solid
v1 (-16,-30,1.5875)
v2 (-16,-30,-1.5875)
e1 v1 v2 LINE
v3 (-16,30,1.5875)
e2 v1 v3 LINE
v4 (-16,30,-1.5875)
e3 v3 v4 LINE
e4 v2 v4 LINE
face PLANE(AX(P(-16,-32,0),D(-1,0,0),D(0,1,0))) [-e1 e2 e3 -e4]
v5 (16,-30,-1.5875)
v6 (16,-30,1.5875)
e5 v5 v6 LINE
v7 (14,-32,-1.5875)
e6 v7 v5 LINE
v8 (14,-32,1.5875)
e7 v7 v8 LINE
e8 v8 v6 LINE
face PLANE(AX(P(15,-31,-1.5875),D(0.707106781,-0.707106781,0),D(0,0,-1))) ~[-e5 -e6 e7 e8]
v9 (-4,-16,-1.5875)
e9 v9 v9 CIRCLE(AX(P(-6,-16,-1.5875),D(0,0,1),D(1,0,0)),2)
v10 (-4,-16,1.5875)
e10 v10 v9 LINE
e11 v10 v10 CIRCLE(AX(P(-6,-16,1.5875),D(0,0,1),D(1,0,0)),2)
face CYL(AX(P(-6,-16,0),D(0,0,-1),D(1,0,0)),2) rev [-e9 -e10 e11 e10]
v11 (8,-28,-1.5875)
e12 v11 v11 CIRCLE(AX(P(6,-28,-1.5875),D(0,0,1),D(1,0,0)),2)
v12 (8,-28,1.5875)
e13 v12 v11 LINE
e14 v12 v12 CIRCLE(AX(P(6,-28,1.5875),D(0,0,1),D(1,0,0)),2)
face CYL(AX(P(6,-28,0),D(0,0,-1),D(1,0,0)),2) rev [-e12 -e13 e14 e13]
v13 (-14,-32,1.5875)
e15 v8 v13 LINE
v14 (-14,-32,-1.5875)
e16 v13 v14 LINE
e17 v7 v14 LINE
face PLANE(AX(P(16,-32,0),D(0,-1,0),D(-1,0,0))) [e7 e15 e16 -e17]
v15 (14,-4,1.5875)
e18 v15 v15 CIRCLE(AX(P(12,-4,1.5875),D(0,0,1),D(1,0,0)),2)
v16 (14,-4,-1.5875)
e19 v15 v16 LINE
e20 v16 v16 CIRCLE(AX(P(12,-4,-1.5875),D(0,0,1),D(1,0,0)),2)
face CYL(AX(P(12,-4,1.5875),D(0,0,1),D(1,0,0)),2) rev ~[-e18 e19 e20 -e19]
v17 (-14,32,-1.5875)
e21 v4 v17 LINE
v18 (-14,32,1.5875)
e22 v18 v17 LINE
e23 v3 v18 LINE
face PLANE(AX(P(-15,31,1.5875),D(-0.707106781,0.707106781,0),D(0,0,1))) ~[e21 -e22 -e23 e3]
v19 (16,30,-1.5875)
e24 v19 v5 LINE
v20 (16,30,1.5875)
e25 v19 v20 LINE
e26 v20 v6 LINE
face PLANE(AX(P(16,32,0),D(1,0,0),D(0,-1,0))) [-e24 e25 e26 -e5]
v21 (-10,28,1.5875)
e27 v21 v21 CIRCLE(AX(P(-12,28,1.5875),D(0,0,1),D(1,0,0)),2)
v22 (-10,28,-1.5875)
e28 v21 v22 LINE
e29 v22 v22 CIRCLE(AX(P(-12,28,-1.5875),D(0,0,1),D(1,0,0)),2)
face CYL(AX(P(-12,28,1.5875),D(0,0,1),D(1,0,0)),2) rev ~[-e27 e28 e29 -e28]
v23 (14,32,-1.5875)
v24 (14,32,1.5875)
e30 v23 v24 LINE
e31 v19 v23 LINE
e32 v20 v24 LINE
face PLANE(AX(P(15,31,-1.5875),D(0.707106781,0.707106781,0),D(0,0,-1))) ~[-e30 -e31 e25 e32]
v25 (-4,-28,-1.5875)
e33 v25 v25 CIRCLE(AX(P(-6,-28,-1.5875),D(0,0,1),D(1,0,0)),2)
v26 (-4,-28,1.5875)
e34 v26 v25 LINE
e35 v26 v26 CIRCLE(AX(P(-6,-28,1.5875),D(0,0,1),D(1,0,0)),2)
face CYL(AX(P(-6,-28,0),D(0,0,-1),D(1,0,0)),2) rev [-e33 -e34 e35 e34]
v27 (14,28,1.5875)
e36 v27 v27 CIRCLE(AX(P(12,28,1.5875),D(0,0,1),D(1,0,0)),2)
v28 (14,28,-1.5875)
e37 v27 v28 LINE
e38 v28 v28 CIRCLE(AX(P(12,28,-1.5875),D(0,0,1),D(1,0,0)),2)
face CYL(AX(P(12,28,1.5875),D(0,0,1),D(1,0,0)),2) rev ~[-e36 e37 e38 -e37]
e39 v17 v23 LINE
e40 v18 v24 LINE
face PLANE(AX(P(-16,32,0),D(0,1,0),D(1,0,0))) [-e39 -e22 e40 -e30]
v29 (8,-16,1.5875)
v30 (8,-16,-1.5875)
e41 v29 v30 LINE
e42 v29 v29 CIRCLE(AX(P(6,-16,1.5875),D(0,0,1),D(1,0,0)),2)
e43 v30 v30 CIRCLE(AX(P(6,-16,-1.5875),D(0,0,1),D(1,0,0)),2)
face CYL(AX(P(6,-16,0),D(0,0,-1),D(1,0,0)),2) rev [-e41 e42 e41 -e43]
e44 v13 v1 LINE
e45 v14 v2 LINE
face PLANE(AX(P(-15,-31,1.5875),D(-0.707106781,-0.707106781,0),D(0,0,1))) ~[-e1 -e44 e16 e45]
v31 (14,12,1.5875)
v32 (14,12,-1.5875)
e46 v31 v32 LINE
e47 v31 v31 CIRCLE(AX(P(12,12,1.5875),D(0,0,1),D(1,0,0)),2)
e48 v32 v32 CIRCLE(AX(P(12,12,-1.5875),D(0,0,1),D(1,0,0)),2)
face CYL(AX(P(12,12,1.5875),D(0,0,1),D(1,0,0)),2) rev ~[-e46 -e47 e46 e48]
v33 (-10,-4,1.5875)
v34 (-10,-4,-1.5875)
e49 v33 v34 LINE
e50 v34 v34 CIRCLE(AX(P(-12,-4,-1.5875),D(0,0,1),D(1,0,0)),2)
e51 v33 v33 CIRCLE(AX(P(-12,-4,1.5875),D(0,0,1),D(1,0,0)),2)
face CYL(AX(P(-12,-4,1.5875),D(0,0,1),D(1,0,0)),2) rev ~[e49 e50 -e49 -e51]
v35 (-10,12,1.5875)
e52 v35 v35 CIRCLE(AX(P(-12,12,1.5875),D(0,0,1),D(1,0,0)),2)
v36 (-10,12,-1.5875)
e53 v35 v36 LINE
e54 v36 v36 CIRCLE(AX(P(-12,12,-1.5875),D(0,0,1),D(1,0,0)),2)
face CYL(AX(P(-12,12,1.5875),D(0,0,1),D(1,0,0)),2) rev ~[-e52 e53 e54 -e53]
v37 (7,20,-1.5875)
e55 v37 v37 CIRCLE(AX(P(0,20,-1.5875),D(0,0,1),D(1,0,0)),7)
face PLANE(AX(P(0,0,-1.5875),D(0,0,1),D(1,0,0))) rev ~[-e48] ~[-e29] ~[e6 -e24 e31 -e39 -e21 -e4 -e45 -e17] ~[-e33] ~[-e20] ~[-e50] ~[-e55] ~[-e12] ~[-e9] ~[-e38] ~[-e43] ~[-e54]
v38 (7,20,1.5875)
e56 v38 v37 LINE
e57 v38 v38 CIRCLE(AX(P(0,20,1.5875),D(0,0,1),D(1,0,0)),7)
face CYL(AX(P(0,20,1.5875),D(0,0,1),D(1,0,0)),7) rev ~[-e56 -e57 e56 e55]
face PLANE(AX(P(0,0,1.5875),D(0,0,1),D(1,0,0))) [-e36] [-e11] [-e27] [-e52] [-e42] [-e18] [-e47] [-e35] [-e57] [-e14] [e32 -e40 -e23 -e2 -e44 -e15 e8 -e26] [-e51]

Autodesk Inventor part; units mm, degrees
ref_plane "YZ Plane" through (0, 0, 0) normal (1, 0, 0) x (0, 1, 0)
ref_plane "XZ Plane" through (0, 0, 0) normal (0, 1, 0) x (-1, 0, 0)
ref_plane "XY Plane" through (0, 0, 0) normal (0, 0, 1) x (1, 0, 0)
sketch "Sketch1" plane through (0, 0, 0) normal (0, 0, 1) x (1, 0, 0)
  line L0 (16, -32) -> (-16, -32)
  line L1 (-16, -32) -> (-16, 32)
  line L2 (-16, 32) -> (16, 32)
  line L3 (16, 32) -> (16, -32)
  line L4 (16, -32) -> (-16, 32) construction
  line L5 (-16, -32) -> (16, 32) construction
  circle A0 centre (0, -22) radius 2.5 construction
  circle A1 centre (-6, -28) radius 2
  circle A2 centre (6, -28) radius 2
  circle A3 centre (6, -16) radius 2
  circle A4 centre (-6, -16) radius 2
  line L6 (-16, 0) -> (16, 0) construction
  point P0 (0, 0)
  point P1 (0, -32)
  dimension "d0" = 32
  dimension "d1" = 64
  dimension "d2" = 5
  dimension "d3" = 10
  dimension "d4" = 4
  dimension "d5" = 6
  dimension "d6" = 6
  dimension "d9" = 360
extrude "Extrusion1" add sketch "Sketch1" along normal mid plane 3.175
sketch "Sketch2" plane through (0, 0, 1.5875) normal (0, 0, 1) x (1, 0, 0)
  line L0 (16, 32) -> (-16, 32) construction
  line L1 (-16, 32) -> (-16, -32) construction
  line L2 (-16, -32) -> (16, -32) construction
  line L3 (16, -32) -> (16, 32) construction
  circle A0 centre (-6, -16) radius 2 construction
  circle A1 centre (6, -16) radius 2 construction
  circle A2 centre (6, -28) radius 2 construction
  circle A3 centre (-6, -28) radius 2 construction
  circle A4 centre (0, 20) radius 7
  circle A5 centre (-12, 28) radius 2
  line L4 (0, 32) -> (0, -32) construction
  line L5 (-16, 32) -> (-16, -32) projected
  line L6 (-16, 0) -> (16, 0) construction
  circle A6 centre (-12, 12) radius 2
  circle A7 centre (-12, -4) radius 2
  circle A8 centre (12, 28) radius 2
  circle A9 centre (12, 12) radius 2
  circle A10 centre (12, -4) radius 2
  point P0 (0, 0)
  dimension "d14" = 14
  dimension "d15" = 20
  dimension "d16" = 4
  dimension "d17" = 4
  dimension "d18" = 4
  dimension "d19" = 4
  dimension "d20" = 16
  dimension "d21" = 4
  dimension "d22" = 16
extrude "Extrusion2" cut sketch "Sketch2" against normal through all
chamfer "Chamfer1" distance 2 angle 45 4 edges at (16, 32, 0) (-16, 32, 0) (16, -32, 0) (-16, -32, 0)
properties part number "ArmSidePlate"
